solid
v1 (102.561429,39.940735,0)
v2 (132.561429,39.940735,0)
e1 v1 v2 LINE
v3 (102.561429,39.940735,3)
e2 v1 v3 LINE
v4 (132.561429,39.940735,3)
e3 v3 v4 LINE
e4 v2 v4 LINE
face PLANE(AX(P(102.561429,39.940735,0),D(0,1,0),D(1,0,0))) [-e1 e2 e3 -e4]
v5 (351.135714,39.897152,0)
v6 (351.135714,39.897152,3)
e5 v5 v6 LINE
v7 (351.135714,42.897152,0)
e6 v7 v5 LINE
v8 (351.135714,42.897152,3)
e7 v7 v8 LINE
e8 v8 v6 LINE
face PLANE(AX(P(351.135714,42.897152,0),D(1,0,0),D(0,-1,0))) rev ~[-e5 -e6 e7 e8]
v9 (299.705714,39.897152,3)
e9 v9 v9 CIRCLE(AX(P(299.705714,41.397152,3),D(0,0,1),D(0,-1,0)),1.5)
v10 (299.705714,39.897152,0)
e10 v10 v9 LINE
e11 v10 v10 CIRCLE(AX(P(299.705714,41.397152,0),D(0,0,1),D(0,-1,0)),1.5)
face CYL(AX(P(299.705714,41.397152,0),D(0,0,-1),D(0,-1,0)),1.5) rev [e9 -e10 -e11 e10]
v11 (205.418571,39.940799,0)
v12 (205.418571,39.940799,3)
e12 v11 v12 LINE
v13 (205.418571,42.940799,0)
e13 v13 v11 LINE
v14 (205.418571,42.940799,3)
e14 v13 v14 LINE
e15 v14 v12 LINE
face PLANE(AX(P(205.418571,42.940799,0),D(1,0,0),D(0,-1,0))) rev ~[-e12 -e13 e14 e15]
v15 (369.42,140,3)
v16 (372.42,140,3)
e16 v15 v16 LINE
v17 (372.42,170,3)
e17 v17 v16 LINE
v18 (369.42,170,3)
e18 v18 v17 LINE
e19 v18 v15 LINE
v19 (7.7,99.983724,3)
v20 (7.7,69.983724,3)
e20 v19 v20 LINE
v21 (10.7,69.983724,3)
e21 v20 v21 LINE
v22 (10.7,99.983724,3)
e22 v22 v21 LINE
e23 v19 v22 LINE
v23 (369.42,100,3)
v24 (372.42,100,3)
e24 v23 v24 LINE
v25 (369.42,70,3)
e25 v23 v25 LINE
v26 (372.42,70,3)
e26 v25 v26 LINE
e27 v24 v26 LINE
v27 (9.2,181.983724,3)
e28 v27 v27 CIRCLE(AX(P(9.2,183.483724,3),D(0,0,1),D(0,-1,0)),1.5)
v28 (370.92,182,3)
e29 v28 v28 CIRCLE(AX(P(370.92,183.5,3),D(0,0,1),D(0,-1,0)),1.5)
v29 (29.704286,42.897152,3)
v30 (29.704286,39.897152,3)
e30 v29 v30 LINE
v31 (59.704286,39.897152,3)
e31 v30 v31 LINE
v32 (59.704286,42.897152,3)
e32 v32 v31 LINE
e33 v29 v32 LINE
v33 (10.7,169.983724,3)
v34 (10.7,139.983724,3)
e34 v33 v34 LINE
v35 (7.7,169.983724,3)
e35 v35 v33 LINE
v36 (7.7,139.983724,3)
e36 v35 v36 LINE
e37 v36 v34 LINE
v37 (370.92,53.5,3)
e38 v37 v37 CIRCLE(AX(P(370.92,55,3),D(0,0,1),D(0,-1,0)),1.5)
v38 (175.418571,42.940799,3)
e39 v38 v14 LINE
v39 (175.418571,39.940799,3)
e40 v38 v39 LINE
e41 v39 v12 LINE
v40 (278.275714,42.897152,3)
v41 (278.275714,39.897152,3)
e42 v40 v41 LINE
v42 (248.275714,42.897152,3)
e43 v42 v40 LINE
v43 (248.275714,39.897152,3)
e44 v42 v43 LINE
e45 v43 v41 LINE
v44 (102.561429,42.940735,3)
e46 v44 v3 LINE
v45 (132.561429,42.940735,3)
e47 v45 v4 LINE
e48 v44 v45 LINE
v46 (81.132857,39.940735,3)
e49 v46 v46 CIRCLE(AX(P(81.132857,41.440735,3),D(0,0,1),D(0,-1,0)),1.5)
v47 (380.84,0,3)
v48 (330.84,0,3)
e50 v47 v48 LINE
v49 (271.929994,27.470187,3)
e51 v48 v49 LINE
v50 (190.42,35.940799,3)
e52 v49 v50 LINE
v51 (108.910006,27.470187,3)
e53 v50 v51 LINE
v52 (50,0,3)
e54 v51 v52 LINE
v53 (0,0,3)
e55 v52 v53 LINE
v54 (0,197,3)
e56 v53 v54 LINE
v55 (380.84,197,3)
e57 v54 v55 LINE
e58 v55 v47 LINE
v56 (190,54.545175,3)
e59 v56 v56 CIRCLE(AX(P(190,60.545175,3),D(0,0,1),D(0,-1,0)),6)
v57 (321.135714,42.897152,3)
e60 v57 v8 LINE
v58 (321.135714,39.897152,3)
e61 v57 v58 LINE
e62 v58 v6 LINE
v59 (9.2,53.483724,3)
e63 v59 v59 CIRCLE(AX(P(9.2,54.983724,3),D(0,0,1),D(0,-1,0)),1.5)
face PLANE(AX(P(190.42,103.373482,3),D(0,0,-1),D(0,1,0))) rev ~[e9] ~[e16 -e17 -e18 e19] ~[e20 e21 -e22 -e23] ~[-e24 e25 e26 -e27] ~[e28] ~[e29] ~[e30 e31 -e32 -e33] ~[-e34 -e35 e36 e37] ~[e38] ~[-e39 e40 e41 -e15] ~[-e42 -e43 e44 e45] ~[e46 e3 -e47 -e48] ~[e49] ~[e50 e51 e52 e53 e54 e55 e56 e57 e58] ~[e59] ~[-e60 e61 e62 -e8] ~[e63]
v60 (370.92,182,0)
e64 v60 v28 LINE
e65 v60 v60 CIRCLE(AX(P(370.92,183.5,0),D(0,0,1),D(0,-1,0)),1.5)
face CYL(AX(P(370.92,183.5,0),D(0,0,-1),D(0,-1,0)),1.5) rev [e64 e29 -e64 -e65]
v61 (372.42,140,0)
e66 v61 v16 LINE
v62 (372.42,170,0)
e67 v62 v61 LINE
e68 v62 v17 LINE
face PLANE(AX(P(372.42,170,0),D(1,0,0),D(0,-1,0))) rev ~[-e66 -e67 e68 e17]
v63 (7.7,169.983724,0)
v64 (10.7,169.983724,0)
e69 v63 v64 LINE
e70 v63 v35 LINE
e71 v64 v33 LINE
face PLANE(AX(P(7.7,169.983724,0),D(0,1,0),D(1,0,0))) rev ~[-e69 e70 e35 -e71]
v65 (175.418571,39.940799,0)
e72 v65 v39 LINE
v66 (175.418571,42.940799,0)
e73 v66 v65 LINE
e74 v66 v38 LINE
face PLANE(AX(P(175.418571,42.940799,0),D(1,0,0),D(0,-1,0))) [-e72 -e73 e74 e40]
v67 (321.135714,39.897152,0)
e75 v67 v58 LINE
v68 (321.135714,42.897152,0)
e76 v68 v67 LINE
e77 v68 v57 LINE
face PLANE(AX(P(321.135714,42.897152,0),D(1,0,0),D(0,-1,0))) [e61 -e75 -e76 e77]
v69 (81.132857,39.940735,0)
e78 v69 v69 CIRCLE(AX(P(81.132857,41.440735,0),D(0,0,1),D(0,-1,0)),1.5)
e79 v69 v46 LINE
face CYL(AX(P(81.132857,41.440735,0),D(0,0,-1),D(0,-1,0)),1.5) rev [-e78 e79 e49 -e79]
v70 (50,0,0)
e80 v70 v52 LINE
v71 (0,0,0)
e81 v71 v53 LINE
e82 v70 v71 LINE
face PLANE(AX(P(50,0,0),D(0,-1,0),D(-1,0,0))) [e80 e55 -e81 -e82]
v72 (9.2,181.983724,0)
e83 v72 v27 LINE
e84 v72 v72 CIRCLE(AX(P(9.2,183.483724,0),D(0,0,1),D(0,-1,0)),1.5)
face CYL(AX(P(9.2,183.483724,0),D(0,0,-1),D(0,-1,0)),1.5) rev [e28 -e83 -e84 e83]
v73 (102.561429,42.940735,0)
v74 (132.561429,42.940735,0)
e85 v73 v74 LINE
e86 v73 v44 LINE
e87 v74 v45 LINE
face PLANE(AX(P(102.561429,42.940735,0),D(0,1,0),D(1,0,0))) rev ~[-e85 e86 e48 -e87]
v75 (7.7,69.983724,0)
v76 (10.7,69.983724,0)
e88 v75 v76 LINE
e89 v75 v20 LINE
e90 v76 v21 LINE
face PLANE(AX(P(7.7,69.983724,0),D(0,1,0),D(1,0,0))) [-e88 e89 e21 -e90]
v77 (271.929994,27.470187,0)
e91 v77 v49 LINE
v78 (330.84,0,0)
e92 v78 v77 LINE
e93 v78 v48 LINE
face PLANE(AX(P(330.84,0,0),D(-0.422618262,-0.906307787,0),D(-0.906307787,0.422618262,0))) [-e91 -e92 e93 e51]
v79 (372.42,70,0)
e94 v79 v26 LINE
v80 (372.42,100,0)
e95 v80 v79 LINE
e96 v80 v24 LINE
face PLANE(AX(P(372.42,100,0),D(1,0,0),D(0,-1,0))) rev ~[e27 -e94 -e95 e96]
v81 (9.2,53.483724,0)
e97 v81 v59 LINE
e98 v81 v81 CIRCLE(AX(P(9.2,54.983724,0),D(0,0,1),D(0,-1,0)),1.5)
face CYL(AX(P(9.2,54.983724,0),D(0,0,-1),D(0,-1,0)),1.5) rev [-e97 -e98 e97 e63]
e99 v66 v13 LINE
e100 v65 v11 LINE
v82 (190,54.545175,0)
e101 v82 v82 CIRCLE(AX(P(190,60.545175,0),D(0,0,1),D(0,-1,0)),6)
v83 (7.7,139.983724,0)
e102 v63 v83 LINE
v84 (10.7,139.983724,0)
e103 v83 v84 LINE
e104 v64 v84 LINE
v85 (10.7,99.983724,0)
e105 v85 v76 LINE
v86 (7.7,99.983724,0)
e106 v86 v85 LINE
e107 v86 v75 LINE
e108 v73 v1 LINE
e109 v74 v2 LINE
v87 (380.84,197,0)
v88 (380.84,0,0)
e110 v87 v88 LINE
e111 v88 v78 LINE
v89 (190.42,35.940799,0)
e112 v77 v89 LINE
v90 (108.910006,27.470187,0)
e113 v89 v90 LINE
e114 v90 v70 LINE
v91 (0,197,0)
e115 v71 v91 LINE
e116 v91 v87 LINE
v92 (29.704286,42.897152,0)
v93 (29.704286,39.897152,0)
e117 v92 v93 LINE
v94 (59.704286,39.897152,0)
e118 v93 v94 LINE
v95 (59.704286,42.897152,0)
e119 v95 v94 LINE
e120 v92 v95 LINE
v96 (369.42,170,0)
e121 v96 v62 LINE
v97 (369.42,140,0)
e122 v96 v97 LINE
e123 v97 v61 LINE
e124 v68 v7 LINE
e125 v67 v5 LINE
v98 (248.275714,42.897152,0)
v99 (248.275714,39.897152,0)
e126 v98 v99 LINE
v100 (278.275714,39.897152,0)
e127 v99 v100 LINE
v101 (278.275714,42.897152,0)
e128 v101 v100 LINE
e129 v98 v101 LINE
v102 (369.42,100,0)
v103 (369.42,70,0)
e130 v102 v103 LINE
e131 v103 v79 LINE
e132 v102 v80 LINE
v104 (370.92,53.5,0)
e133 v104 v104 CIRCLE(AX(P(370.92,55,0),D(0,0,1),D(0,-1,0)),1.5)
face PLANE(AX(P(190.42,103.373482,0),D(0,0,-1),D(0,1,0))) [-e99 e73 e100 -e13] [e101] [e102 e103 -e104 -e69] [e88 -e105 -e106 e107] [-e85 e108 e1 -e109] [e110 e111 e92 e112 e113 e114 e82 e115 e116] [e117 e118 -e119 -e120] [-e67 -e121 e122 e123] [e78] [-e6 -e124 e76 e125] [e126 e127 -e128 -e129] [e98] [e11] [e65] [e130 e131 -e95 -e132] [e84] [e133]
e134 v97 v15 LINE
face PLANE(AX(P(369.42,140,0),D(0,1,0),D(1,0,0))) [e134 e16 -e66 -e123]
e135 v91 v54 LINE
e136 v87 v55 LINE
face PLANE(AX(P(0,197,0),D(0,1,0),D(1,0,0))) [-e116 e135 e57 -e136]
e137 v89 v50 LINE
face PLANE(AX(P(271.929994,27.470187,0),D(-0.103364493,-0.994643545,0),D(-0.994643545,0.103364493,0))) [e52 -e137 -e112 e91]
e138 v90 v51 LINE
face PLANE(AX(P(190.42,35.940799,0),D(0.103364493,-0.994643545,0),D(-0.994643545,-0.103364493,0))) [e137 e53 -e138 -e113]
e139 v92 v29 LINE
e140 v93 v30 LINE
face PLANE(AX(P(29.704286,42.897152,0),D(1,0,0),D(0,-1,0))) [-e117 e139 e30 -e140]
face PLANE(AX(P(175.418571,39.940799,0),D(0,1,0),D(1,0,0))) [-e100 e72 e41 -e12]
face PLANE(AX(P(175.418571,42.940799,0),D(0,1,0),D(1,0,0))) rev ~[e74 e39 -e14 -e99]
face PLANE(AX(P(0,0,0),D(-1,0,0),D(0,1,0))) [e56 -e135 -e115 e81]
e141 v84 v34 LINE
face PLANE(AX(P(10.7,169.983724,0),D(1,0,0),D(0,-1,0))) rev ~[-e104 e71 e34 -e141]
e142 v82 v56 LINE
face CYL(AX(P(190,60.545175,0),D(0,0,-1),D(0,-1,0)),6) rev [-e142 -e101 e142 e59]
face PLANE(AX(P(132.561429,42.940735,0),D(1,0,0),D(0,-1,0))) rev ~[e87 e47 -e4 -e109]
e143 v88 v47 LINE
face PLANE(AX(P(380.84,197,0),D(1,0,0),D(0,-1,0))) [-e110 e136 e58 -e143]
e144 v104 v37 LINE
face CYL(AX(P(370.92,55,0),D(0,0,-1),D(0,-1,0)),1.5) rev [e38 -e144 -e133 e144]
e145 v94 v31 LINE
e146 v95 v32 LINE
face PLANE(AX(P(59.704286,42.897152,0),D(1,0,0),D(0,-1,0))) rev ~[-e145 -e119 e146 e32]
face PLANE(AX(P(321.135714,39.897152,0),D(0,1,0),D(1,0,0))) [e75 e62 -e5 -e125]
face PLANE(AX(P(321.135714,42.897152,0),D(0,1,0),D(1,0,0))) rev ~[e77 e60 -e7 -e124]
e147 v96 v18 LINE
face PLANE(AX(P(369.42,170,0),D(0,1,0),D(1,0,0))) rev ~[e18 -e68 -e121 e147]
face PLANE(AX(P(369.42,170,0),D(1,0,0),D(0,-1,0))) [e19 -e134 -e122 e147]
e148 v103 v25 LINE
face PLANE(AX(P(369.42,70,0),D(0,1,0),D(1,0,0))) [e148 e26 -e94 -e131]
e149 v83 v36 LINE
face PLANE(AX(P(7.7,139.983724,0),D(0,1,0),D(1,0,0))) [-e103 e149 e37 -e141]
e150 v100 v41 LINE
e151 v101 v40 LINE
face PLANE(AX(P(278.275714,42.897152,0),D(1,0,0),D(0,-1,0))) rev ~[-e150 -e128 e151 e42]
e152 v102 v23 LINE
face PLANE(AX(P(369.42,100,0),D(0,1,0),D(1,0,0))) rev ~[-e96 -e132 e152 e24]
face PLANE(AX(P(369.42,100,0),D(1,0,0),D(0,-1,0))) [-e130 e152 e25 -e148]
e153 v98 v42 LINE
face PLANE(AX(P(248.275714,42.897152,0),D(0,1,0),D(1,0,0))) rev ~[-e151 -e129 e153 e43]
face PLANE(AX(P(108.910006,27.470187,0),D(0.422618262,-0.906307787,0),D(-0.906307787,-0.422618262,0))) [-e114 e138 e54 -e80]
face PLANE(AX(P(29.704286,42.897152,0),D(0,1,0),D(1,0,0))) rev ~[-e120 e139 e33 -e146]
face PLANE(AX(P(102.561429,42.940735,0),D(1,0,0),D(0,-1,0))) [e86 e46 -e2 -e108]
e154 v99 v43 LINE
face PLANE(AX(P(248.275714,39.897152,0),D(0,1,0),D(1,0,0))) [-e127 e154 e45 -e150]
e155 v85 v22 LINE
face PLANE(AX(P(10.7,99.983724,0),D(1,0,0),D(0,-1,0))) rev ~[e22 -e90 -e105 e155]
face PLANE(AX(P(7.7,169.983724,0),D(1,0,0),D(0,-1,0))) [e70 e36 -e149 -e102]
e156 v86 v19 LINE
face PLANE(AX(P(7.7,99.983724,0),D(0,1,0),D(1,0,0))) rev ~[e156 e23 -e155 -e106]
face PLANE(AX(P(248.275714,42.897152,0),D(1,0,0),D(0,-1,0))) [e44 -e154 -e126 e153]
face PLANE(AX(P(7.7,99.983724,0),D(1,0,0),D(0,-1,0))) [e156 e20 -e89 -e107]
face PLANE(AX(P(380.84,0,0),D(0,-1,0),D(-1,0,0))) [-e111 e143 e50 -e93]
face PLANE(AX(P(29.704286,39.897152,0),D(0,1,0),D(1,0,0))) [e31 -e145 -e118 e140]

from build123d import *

# Parameters (mm, degrees)
SKETCH1_R           = 1.5
SKETCH1_R_2         = 6
SKETCH1_W           = 30
SKETCH1_H           = 3
SKETCH1_W_2         = 3
SKETCH1_H_2         = 30
BOSS_EXTRUDE1_DEPTH = 3


with BuildPart() as part:
    # Sketch1 → Boss-Extrude1 (new body)
    with BuildSketch(Plane(origin=(-12.611770594, -16.696126479, 0), x_dir=(0, -1, 0), z_dir=(0, 0, 1))):
        Polygon((-213.696126479, 12.611770594), (-213.696126479, 393.451770594), (-16.696126479, 393.451770594), (-16.696126479, 343.451770594), (-44.166313492, 284.541764437), (-52.636925092, 203.031770594), (-44.166313492, 121.521776752), (-16.696126479, 62.611770594), (-16.696126479, 12.611770594), align=None)
        with Locations((-200.179850585, 21.811770594)):
            Circle(SKETCH1_R, mode=Mode.SUBTRACT)
        with Locations((-58.093278212, 312.31748488)):
            Circle(SKETCH1_R, mode=Mode.SUBTRACT)
        with Locations((-200.196126479, 383.531770594)):
            Circle(SKETCH1_R, mode=Mode.SUBTRACT)
        with Locations((-71.696126479, 383.531770594)):
            Circle(SKETCH1_R, mode=Mode.SUBTRACT)
        with Locations((-58.136861316, 93.744627737)):
            Circle(SKETCH1_R, mode=Mode.SUBTRACT)
        with Locations((-71.679850585, 21.811770594)):
            Circle(SKETCH1_R, mode=Mode.SUBTRACT)
        with Locations((-77.241301287, 202.611770594)):
            Circle(SKETCH1_R_2, mode=Mode.SUBTRACT)
        with Locations((-171.679850585, 21.811770594)):
            Rectangle(SKETCH1_W, SKETCH1_H, mode=Mode.SUBTRACT)
        with Locations((-101.679850585, 21.811770594)):
            Rectangle(SKETCH1_W, SKETCH1_H, mode=Mode.SUBTRACT)
        with Locations((-58.093278212, 57.316056309)):
            Rectangle(SKETCH1_W_2, SKETCH1_H_2, mode=Mode.SUBTRACT)
        with Locations((-58.136861316, 130.173199166)):
            Rectangle(SKETCH1_W_2, SKETCH1_H_2, mode=Mode.SUBTRACT)
        with Locations((-58.136925092, 203.030342023)):
            Rectangle(SKETCH1_W_2, SKETCH1_H_2, mode=Mode.SUBTRACT)
        with Locations((-58.093278212, 275.88748488)):
            Rectangle(SKETCH1_W_2, SKETCH1_H_2, mode=Mode.SUBTRACT)
        with Locations((-58.093278212, 348.74748488)):
            Rectangle(SKETCH1_W_2, SKETCH1_H_2, mode=Mode.SUBTRACT)
        with Locations((-101.696126479, 383.531770594)):
            Rectangle(SKETCH1_W, SKETCH1_H, mode=Mode.SUBTRACT)
        with Locations((-171.696126479, 383.531770594)):
            Rectangle(SKETCH1_W, SKETCH1_H, mode=Mode.SUBTRACT)
    extrude(amount=BOSS_EXTRUDE1_DEPTH)


solid = part.part
